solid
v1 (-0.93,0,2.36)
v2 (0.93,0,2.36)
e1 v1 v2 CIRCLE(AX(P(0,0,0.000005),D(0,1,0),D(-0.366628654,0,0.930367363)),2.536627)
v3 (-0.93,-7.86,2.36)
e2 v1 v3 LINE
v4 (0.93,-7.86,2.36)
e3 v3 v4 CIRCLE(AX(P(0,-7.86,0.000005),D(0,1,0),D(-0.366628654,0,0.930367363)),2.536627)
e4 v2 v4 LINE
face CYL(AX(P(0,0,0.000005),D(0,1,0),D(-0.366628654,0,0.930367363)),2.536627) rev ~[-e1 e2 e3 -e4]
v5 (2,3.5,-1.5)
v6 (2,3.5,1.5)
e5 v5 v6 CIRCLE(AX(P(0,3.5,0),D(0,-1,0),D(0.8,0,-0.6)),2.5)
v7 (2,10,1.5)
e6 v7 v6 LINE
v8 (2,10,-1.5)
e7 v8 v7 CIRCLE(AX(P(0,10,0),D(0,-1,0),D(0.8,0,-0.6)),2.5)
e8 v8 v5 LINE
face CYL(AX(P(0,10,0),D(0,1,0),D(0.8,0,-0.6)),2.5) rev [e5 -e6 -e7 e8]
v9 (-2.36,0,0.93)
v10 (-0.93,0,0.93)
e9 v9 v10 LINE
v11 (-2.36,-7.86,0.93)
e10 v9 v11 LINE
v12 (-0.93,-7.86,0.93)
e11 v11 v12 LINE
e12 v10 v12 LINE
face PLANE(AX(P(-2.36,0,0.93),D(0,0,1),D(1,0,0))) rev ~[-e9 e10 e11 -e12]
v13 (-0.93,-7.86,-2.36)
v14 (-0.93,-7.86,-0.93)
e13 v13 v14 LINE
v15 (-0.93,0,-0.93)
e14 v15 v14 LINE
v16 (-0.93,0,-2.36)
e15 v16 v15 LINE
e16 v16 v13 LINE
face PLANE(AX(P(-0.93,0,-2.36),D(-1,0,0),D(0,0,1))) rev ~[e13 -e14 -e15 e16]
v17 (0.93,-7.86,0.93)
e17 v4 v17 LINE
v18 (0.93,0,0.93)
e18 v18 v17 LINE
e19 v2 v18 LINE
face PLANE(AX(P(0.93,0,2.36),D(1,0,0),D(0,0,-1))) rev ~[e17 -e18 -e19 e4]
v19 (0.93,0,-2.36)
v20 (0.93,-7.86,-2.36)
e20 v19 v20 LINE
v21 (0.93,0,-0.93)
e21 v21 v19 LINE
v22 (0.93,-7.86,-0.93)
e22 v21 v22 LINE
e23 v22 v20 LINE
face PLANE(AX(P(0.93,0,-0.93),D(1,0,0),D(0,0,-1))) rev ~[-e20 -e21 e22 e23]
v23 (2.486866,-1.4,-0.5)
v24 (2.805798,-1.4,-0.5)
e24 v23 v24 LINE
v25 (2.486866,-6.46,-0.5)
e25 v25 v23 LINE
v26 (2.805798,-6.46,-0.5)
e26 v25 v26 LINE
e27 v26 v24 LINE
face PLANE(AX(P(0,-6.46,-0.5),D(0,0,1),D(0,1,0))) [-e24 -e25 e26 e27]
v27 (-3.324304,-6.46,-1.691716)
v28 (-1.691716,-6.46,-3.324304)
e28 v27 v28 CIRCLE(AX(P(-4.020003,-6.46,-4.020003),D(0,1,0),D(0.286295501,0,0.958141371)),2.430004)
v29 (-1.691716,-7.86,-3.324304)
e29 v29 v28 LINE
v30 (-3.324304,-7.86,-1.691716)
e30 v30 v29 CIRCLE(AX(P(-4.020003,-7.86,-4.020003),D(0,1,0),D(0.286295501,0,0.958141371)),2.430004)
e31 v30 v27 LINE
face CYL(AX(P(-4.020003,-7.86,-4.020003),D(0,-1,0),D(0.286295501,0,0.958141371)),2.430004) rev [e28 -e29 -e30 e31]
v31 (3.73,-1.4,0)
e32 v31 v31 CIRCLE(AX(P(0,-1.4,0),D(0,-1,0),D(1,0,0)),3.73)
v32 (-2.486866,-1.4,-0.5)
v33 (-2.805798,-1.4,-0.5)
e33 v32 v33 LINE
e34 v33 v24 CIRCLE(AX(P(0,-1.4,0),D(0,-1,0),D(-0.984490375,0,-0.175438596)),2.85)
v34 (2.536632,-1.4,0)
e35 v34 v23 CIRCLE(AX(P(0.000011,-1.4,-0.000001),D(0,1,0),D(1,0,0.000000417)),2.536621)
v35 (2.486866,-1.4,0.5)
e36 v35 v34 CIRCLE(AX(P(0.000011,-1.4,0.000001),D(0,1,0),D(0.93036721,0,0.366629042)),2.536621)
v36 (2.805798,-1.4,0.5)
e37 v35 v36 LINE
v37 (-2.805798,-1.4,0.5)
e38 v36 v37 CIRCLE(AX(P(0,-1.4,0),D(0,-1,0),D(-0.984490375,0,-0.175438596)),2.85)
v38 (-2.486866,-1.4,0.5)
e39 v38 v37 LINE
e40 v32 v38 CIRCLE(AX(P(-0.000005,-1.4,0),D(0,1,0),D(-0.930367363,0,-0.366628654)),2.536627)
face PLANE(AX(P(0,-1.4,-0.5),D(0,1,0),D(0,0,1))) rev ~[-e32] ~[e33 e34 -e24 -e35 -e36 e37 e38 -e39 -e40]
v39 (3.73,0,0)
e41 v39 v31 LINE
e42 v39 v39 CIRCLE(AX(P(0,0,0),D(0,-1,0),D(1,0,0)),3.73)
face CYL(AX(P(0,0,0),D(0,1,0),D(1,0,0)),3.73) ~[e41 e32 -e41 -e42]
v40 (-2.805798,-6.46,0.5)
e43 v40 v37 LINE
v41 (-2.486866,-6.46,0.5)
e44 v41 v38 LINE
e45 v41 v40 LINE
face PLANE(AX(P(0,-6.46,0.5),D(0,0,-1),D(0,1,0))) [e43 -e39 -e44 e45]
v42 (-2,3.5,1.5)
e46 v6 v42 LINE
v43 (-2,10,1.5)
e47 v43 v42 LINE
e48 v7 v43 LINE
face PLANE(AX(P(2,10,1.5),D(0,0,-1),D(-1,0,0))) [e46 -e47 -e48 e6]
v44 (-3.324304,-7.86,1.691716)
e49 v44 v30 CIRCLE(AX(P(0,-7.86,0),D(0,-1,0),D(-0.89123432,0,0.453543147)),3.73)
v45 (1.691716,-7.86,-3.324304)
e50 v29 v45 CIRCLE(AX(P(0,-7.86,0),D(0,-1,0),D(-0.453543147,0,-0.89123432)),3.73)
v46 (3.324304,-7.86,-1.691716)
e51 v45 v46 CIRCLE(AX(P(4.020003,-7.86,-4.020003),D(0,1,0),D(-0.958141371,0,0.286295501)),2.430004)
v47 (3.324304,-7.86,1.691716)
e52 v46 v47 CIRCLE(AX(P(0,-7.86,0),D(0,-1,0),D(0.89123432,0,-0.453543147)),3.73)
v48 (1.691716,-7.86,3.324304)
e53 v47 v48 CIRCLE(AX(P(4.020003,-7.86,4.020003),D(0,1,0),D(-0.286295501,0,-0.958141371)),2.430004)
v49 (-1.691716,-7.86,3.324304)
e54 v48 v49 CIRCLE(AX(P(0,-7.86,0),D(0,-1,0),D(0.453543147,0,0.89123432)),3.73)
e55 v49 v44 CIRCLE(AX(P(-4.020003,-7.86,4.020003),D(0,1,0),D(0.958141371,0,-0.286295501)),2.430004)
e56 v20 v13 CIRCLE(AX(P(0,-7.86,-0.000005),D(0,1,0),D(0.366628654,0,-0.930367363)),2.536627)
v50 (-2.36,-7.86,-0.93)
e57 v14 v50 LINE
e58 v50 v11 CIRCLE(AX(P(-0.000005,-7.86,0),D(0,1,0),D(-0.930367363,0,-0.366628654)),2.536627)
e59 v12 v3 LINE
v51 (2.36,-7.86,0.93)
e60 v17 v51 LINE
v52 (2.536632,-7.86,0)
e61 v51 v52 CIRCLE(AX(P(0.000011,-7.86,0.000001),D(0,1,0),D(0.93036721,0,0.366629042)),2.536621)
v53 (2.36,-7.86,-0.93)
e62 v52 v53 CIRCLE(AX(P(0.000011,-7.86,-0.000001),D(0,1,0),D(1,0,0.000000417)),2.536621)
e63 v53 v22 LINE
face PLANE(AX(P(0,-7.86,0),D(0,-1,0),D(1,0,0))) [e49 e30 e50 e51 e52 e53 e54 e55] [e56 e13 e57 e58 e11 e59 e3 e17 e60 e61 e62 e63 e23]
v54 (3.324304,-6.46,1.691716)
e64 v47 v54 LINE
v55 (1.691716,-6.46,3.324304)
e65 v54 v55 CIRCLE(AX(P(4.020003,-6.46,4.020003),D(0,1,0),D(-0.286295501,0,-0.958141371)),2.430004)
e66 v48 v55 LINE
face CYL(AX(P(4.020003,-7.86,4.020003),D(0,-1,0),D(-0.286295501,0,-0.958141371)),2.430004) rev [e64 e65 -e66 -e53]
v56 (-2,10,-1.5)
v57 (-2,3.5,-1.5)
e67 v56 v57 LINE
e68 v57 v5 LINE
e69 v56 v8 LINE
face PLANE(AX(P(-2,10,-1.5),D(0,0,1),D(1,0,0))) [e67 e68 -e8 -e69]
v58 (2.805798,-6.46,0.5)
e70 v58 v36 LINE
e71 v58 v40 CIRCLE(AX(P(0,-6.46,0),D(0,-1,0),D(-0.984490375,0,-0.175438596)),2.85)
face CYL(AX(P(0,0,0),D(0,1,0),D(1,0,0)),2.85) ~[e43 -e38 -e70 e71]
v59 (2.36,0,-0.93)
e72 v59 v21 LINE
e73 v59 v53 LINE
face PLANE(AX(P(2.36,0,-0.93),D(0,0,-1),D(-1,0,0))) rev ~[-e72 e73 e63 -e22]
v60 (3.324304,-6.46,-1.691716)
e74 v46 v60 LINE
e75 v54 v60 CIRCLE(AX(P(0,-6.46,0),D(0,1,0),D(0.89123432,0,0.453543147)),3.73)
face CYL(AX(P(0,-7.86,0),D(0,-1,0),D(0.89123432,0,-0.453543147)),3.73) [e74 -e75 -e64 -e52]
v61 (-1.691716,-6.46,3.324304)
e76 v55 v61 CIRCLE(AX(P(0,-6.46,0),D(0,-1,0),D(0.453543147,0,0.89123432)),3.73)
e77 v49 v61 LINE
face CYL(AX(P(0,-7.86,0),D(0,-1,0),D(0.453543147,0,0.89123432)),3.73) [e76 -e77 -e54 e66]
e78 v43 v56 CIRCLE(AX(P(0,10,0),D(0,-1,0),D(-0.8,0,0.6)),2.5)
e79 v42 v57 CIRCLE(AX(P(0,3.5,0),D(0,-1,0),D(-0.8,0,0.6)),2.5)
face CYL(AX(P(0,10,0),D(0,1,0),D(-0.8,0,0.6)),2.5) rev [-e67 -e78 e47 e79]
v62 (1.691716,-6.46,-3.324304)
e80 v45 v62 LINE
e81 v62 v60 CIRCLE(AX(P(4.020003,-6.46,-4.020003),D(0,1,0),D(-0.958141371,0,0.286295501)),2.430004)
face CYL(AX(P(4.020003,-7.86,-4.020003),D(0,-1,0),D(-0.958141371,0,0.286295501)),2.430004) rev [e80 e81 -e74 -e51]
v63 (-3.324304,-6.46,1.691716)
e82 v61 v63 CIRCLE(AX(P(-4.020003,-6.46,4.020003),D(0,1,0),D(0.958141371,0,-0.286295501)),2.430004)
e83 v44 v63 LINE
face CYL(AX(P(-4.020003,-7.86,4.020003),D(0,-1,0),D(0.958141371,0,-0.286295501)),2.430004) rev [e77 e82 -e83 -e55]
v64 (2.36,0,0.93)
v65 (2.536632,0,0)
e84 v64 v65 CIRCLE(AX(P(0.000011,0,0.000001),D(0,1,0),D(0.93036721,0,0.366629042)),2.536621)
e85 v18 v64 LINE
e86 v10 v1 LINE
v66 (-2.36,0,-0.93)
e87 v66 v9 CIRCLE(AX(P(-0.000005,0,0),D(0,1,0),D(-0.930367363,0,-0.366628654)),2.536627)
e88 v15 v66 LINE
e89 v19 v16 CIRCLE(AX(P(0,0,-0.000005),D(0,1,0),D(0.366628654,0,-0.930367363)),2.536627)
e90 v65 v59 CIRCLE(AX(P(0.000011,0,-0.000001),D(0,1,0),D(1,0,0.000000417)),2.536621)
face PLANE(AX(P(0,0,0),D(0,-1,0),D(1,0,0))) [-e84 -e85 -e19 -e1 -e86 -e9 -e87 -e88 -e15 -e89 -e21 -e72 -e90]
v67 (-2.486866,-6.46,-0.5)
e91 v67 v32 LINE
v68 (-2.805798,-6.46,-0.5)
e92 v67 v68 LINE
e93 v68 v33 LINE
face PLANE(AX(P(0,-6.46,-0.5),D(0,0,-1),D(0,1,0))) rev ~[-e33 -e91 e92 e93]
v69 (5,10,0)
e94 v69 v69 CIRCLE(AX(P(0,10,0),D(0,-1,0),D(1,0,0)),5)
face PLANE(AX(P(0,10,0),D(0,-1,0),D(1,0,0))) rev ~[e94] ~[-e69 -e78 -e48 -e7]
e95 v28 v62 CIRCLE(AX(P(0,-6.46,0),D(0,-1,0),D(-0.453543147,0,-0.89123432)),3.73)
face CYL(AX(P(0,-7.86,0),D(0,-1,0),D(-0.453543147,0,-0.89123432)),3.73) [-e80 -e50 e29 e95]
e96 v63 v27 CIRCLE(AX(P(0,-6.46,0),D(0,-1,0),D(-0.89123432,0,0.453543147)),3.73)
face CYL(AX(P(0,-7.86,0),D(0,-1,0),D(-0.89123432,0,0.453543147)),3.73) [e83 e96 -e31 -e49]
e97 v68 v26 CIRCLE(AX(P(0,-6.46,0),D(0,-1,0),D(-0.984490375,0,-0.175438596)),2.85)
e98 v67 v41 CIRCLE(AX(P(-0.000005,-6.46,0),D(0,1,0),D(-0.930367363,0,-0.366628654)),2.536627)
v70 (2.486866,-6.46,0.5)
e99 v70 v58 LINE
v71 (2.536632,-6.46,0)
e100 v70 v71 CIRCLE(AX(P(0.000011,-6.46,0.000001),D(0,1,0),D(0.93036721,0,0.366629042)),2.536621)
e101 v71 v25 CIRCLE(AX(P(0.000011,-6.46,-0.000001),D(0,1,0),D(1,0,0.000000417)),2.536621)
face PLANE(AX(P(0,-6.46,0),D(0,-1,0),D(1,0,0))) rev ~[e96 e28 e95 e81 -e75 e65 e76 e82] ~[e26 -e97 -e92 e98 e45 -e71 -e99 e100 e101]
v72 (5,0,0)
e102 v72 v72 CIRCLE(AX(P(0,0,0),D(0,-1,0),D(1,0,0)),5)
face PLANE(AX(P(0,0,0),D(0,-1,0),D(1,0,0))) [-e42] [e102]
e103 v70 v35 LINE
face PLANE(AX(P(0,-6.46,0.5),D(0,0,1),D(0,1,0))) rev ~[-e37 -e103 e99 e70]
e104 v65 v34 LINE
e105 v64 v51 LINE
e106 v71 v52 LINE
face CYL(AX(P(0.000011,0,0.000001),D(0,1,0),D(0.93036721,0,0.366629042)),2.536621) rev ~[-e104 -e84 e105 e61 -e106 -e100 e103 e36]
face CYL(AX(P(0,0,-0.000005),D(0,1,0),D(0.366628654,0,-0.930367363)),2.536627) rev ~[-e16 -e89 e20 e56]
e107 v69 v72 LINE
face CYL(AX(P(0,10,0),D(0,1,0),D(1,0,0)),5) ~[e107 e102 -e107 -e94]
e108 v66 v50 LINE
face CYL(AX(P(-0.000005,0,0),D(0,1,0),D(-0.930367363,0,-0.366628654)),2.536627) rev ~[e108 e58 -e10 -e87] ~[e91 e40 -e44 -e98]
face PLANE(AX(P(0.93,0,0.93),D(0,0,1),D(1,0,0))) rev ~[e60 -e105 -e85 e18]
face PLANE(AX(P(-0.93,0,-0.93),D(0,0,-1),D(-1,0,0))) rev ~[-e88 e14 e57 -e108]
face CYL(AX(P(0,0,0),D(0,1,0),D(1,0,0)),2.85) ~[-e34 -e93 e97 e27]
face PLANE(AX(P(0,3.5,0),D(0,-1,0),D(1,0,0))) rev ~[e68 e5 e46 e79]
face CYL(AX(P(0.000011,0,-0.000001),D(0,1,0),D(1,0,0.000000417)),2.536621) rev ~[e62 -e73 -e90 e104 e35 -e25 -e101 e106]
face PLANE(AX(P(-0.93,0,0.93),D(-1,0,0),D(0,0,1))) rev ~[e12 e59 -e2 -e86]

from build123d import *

# Parameters (mm, degrees)
F0_R      = 3.73
F3_DEPTH  = 1.4
F2_R      = 2.85
F4_DEPTH  = 1.4
F1_R      = 2.85
F5_DEPTH  = 7.86
F6_DEPTH  = 7.86
F7_DEPTH  = 7.86
F8_DEPTH  = 7.86
F9_DEPTH  = 7.86
F10_R     = 2.85
F11_DEPTH = 1.4
F12_W     = 5.06
F12_H     = 1
F13_DEPTH = 8
F14_W     = 5.06
F14_H     = 1
F15_DEPTH = 8
F17_R     = 5
F18_DEPTH = 10
F20_DEPTH = 6.5


with BuildPart() as f3:
    # F0 (on Front) → F3 (new body)
    with BuildSketch(Plane.XZ):
        Circle(F0_R)
    extrude(amount=F3_DEPTH)

    # F2 (on Front) → F4 (cut)
    with BuildSketch(Plane.XZ):
        Circle(F2_R)
    extrude(amount=F4_DEPTH, mode=Mode.SUBTRACT)

    # F1 (on Front) → F5 (join)
    with BuildSketch(Plane.XZ):
        Circle(F1_R)
        with BuildLine():
            ThreePointArc((-0.93, 2.36), (0, 2.536632), (0.93, 2.36))
            ThreePointArc((0.93, 2.36), (1.793669, 1.793669), (2.36, 0.93))
            ThreePointArc((2.36, 0.93), (2.492083, 0.473312), (2.536632, 0))
            ThreePointArc((2.536632, 0), (2.492083, -0.473312), (2.36, -0.93))
            ThreePointArc((2.36, -0.93), (1.793669, -1.793669), (0.93, -2.36))
            ThreePointArc((0.93, -2.36), (0, -2.536632), (-0.93, -2.36))
            ThreePointArc((-0.93, -2.36), (-1.793669, -1.793669), (-2.36, -0.93))
            ThreePointArc((-2.36, -0.93), (-2.536632, 0), (-2.36, 0.93))
            ThreePointArc((-2.36, 0.93), (-1.793669, 1.793669), (-0.93, 2.36))
        make_face(mode=Mode.SUBTRACT)
    extrude(amount=F5_DEPTH)

    # F1 (on Front) → F6 (join)
    with BuildSketch(Plane.XZ):
        with BuildLine():
            ThreePointArc((2.36, 0.93), (1.793669, 1.793669), (0.93, 2.36))
            Line((0.93, 2.36), (0.93, 0.93))
            Line((0.93, 0.93), (2.36, 0.93))
        make_face()
    extrude(amount=F6_DEPTH)

    # F1 (on Front) → F7 (join)
    with BuildSketch(Plane.XZ):
        with BuildLine():
            Line((-0.93, -0.93), (-2.36, -0.93))
            ThreePointArc((-2.36, -0.93), (-1.793669, -1.793669), (-0.93, -2.36))
            Line((-0.93, -2.36), (-0.93, -0.93))
        make_face()
    extrude(amount=F7_DEPTH)

    # F1 (on Front) → F8 (join)
    with BuildSketch(Plane.XZ):
        with BuildLine():
            Line((-0.93, 0.93), (-0.93, 2.36))
            ThreePointArc((-0.93, 2.36), (-1.793669, 1.793669), (-2.36, 0.93))
            Line((-2.36, 0.93), (-0.93, 0.93))
        make_face()
    extrude(amount=F8_DEPTH)

    # F1 (on Front) → F9 (join)
    with BuildSketch(Plane.XZ):
        with BuildLine():
            ThreePointArc((0.93, -2.36), (1.793669, -1.793669), (2.36, -0.93))
            Line((2.36, -0.93), (0.93, -0.93))
            Line((0.93, -0.93), (0.93, -2.36))
        make_face()
    extrude(amount=F9_DEPTH)

    # F10 (on face) → F11 (join)
    with BuildSketch(Plane.XZ.offset(7.86)):
        with BuildLine():
            ThreePointArc((-1.691716, 3.324304), (-2.301731, 2.301731), (-3.324304, 1.691716))
            ThreePointArc((-3.324304, 1.691716), (-3.73, 0), (-3.324304, -1.691716))
            ThreePointArc((-3.324304, -1.691716), (-2.301731, -2.301731), (-1.691716, -3.324304))
            ThreePointArc((-1.691716, -3.324304), (0, -3.73), (1.691716, -3.324304))
            ThreePointArc((1.691716, -3.324304), (2.301731, -2.301731), (3.324304, -1.691716))
            ThreePointArc((3.324304, -1.691716), (3.73, 0), (3.324304, 1.691716))
            ThreePointArc((3.324304, 1.691716), (2.301731, 2.301731), (1.691716, 3.324304))
            ThreePointArc((1.691716, 3.324304), (0, 3.73), (-1.691716, 3.324304))
        make_face()
        Circle(F10_R, mode=Mode.SUBTRACT)
    extrude(amount=-F11_DEPTH)

    # F12 (on Right) → F13 (cut)
    with BuildSketch(Plane.YZ):
        with Locations((-3.93, 0)):
            Rectangle(F12_W, F12_H)
    extrude(amount=-F13_DEPTH, mode=Mode.SUBTRACT)

    # F14 (on Right) → F15 (cut)
    with BuildSketch(Plane.YZ):
        with Locations((-3.93, 0)):
            Rectangle(F14_W, F14_H)
    extrude(amount=F15_DEPTH, mode=Mode.SUBTRACT)

    # F17 (on offset) → F18 (join)
    with BuildSketch(Plane.XZ.offset(-10)):
        Circle(F17_R)
    extrude(amount=F18_DEPTH)

    # F19 (on offset) → F20 (cut)
    with BuildSketch(Plane.XZ.offset(-10)):
        with BuildLine():
            Line((2, 1.5), (-2, 1.5))
            ThreePointArc((-2, 1.5), (-2.5, 0), (-2, -1.5))
            Line((-2, -1.5), (2, -1.5))
            ThreePointArc((2, -1.5), (2.5, 0), (2, 1.5))
        make_face()
    extrude(amount=F20_DEPTH, mode=Mode.SUBTRACT)


solid = f3.part
